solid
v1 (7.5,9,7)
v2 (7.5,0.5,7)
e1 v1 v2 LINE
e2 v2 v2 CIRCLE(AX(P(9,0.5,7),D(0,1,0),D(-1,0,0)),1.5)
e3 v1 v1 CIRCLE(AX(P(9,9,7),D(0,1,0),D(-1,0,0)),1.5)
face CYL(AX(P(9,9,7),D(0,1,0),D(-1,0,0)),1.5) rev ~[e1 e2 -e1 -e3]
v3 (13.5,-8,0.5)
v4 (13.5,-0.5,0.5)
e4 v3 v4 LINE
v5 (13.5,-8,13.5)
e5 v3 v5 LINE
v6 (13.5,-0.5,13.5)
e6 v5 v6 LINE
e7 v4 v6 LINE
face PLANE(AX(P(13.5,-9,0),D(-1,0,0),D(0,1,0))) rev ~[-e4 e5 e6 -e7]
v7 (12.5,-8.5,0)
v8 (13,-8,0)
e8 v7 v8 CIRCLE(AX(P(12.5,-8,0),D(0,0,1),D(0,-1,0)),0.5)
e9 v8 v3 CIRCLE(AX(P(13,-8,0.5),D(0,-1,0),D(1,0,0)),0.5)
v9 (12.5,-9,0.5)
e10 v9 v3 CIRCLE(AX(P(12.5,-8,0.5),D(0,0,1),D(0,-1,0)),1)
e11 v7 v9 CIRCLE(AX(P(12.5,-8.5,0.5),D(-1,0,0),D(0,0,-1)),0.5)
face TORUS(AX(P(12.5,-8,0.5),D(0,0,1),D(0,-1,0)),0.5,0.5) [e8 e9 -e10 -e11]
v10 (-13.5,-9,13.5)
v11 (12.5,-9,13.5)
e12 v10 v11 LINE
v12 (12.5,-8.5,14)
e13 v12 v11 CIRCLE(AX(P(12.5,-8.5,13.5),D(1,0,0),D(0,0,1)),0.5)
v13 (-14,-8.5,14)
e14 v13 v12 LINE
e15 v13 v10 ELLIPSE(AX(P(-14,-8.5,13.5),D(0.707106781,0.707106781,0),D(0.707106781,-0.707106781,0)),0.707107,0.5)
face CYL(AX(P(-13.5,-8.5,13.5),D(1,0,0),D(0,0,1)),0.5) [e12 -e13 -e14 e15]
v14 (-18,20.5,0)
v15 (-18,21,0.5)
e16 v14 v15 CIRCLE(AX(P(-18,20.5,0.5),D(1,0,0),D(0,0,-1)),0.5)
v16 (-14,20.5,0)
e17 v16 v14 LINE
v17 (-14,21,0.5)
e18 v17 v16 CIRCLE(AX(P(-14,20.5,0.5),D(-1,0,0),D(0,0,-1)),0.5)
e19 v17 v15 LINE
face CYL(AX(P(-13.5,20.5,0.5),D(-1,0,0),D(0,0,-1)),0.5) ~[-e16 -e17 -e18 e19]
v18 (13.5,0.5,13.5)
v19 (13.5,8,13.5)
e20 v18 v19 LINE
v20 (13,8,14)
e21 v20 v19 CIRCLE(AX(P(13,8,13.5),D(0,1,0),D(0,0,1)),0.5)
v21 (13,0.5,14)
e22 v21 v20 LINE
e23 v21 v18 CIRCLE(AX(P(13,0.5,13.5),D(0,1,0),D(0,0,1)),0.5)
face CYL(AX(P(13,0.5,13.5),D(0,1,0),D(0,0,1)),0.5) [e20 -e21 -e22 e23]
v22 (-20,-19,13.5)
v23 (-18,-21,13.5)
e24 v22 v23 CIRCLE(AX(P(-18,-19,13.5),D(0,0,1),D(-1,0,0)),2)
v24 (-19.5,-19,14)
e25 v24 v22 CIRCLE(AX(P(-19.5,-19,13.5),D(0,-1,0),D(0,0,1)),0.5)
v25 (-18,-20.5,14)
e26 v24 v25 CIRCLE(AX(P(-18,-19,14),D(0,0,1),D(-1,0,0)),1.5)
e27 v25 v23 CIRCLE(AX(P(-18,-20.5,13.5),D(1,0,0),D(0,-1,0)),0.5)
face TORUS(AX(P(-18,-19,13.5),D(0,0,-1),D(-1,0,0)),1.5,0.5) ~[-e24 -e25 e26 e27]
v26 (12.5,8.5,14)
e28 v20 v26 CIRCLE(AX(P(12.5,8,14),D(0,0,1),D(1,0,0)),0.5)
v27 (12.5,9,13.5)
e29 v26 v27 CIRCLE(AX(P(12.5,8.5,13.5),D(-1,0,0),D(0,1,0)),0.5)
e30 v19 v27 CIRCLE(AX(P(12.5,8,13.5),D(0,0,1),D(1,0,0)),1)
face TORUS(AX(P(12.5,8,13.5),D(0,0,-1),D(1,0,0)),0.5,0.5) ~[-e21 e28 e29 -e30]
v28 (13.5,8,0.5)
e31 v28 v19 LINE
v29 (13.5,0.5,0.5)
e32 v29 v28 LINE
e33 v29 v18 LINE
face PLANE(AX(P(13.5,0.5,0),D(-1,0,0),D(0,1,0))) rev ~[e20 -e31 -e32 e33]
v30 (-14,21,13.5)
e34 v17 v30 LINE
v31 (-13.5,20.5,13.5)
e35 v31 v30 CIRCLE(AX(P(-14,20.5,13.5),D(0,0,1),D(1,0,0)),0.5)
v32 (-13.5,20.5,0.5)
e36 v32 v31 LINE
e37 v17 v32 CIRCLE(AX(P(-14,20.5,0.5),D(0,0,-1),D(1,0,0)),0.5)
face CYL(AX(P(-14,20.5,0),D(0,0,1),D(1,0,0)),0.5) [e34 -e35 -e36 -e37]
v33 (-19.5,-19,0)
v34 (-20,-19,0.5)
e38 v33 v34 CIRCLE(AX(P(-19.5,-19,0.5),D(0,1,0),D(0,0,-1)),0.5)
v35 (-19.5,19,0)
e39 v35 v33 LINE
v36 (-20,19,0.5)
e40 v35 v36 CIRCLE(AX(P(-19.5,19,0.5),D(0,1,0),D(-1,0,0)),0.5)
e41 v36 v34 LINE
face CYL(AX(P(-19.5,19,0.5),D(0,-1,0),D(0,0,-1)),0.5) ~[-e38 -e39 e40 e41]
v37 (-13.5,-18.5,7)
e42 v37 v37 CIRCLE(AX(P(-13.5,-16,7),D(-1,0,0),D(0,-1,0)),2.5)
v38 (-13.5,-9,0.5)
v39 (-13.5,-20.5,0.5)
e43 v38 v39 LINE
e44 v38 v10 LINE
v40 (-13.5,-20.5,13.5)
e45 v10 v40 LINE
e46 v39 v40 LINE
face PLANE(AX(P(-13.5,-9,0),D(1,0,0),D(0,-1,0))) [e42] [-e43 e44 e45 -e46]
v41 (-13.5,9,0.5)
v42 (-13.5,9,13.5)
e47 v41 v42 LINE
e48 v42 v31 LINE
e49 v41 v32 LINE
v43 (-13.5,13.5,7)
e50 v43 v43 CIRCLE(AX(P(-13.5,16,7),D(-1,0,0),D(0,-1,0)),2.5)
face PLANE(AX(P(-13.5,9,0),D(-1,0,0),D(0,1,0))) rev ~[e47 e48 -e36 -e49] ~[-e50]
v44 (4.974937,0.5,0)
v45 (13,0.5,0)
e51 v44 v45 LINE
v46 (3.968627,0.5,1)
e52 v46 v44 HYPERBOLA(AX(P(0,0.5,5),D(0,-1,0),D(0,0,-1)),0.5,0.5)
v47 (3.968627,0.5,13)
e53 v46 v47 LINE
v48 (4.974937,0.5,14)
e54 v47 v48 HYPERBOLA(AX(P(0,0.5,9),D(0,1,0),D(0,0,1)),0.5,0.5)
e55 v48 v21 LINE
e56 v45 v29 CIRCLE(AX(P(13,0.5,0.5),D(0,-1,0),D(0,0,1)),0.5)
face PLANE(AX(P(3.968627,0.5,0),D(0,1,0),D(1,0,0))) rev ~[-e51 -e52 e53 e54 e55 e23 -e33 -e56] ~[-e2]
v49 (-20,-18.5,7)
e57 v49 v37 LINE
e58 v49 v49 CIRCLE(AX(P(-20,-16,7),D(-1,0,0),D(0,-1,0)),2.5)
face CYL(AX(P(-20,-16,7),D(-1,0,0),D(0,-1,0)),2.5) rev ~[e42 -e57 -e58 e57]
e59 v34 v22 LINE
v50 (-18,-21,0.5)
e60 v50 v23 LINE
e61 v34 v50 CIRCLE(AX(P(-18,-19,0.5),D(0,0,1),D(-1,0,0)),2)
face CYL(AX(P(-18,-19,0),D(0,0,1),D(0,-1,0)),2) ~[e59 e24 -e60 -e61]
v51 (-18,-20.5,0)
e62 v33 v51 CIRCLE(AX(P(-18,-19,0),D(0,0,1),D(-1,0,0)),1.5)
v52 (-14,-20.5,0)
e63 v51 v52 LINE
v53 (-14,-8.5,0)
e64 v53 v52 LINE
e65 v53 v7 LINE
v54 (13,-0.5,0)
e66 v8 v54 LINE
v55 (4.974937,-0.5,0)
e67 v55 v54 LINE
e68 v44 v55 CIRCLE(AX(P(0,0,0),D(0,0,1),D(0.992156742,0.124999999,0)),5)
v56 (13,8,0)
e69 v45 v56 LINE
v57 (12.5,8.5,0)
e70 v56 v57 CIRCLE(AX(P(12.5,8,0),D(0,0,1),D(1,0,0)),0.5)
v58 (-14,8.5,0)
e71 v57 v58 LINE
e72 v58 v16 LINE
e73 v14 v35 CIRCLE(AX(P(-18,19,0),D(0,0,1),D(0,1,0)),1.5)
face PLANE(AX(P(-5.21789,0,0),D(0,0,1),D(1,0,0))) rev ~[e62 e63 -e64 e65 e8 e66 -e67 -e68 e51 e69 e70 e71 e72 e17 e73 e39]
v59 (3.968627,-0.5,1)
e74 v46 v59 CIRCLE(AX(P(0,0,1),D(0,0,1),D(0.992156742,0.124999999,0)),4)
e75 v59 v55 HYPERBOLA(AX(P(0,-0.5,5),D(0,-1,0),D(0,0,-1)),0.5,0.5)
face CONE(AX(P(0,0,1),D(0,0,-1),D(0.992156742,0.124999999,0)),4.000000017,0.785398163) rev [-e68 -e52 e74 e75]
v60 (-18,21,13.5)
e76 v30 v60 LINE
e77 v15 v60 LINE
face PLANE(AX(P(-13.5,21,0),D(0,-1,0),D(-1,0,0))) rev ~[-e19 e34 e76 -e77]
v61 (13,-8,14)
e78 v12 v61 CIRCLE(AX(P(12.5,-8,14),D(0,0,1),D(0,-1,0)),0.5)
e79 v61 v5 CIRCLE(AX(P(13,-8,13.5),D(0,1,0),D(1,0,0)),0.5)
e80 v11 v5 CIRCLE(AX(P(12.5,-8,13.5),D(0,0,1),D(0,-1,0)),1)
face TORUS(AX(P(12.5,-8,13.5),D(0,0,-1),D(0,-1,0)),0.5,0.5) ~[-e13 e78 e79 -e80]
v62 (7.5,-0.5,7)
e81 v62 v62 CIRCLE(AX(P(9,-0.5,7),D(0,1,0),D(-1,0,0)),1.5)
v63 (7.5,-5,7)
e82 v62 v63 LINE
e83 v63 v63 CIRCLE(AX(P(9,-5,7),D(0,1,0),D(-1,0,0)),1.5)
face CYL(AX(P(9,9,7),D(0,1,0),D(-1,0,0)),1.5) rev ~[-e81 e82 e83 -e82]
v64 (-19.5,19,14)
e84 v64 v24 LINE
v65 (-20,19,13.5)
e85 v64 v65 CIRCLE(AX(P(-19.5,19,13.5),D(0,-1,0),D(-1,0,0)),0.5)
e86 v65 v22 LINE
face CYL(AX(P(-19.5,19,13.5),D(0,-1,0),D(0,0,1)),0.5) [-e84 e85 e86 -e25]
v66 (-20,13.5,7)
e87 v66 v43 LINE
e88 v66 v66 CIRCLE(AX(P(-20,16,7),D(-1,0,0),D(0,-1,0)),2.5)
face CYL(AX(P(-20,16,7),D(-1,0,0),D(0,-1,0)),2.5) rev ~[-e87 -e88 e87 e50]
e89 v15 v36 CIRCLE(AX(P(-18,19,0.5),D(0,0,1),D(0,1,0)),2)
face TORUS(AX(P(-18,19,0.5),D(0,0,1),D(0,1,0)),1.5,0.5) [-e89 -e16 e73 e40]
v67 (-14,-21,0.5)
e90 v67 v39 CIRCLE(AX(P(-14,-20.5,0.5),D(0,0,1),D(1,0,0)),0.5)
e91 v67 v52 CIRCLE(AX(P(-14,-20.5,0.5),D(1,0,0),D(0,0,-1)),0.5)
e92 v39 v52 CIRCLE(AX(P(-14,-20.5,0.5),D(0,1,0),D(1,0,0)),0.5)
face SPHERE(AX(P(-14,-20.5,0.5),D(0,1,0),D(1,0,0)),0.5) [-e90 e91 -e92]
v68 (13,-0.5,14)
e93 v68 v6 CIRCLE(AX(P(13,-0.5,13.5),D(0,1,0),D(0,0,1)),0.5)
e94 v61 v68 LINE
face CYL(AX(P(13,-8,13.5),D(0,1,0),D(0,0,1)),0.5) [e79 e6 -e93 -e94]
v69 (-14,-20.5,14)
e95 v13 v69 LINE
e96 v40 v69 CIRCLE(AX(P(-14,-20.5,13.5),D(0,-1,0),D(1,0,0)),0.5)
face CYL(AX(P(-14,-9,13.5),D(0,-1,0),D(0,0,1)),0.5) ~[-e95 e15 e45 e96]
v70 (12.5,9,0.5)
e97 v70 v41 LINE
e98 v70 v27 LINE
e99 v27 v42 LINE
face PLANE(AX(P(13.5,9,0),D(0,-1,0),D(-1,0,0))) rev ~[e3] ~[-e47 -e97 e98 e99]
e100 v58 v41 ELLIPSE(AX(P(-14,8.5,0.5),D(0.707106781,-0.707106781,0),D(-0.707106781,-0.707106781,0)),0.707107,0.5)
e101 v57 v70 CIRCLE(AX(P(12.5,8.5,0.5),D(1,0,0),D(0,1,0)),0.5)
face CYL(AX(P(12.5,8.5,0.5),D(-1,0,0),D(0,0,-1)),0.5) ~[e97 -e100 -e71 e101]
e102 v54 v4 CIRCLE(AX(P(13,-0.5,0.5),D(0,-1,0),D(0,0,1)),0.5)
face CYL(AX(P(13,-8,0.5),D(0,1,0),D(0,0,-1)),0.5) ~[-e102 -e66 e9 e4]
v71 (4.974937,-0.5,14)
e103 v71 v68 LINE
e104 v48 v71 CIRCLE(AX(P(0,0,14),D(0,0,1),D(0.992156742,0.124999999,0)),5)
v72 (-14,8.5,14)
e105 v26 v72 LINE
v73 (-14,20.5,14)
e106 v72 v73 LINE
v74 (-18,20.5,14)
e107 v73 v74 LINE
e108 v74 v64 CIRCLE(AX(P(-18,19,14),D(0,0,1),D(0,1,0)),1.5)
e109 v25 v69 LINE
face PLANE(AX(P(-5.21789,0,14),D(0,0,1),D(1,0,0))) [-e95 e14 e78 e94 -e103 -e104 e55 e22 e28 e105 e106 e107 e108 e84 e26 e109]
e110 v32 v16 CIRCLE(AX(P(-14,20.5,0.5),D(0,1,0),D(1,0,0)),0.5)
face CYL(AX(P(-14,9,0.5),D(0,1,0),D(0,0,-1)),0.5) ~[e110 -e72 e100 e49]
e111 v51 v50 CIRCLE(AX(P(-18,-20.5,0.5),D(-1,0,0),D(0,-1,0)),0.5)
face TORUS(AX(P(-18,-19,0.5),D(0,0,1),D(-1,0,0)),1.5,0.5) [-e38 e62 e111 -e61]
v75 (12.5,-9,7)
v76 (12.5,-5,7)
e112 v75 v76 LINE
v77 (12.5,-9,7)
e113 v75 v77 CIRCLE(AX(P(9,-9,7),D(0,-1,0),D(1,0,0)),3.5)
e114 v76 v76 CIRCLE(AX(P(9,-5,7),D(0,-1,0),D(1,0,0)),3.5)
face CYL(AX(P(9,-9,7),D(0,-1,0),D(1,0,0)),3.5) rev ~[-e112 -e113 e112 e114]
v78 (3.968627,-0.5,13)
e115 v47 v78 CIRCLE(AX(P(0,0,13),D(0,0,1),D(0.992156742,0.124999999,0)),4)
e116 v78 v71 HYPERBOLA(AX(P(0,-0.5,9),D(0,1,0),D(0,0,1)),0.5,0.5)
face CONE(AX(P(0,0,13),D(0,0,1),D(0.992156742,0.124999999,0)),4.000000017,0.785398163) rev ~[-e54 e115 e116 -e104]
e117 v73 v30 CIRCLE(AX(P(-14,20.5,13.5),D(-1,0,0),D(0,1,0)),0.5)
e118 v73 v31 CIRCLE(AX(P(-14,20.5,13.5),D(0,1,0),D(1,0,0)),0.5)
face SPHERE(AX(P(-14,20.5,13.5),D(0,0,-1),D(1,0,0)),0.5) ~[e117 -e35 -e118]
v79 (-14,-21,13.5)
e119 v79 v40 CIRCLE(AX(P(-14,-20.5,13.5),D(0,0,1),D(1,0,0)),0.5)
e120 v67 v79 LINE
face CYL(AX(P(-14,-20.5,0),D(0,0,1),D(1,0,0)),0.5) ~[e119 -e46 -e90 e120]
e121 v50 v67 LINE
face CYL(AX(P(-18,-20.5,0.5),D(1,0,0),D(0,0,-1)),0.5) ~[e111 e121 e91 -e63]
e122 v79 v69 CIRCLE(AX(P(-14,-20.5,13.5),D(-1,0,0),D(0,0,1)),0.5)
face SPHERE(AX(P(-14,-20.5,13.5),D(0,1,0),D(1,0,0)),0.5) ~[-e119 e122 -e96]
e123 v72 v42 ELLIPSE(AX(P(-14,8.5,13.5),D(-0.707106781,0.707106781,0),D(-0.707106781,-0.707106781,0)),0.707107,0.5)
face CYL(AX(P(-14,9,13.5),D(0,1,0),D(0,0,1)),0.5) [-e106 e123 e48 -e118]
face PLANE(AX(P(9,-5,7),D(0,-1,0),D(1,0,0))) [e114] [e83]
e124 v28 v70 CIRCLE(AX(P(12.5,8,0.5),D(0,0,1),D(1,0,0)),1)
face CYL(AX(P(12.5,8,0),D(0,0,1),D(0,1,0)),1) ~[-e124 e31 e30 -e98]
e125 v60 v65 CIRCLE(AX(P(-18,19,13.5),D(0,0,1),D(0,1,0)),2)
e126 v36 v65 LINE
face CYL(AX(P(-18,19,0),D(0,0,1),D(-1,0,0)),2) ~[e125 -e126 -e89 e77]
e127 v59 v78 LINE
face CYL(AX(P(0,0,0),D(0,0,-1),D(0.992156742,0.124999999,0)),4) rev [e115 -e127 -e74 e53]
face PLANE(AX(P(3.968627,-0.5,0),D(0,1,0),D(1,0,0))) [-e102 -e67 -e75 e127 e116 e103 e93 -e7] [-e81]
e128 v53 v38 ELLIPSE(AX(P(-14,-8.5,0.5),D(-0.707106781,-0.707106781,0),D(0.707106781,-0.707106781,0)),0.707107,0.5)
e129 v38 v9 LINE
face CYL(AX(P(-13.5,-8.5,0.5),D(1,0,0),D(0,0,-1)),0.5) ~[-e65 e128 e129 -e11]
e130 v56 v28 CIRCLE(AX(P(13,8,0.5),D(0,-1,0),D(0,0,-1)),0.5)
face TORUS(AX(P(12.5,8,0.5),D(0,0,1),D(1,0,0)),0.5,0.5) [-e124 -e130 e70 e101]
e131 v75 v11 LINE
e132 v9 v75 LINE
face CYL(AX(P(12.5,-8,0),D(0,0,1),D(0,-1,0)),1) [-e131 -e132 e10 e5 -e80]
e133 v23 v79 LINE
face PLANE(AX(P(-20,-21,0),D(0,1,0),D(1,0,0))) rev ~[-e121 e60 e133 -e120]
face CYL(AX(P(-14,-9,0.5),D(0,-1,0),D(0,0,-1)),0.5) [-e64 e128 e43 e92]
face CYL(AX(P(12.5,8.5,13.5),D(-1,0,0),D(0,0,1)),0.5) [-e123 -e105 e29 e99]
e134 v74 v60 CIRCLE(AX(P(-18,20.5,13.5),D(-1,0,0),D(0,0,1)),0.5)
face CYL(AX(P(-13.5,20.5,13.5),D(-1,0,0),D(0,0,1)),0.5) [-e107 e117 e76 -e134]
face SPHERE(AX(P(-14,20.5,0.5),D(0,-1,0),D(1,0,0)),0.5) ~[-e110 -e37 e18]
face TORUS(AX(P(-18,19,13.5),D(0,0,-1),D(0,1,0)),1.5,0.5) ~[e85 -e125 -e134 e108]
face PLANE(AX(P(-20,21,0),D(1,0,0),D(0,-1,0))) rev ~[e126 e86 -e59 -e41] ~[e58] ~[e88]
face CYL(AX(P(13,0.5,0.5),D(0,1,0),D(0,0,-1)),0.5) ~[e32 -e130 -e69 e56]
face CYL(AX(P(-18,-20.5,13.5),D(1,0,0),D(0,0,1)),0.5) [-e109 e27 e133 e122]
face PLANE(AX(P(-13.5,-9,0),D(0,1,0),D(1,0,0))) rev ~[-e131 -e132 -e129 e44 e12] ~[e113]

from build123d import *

# Parameters (mm, degrees)
PAD_DEPTH       = 14
SKETCH001_R     = 2.5
POCKET_DEPTH    = 33.501
FILLET_R        = 2
FILLET001_R     = 1
CHAMFER_SIZE    = 1
CHAMFER001_SIZE = 1
SKETCH002_R     = 1.5
POCKET001_DEPTH = 30.001
SKETCH003_R     = 3.5
POCKET002_DEPTH = 4
FILLET002_R     = 0.5


with BuildPart() as part:
    # Sketch → Pad (new body)
    with BuildSketch(Plane.XY):
        with BuildLine():
            Line((-20, -21), (-13.5, -21))
            Line((-13.5, -9), (-13.5, -21))
            Line((-13.5, -9), (13.5, -9))
            Line((13.5, -9), (13.5, -0.5))
            Line((3.968627, -0.5), (13.5, -0.5))
            ThreePointArc((3.968627, 0.5), (-4, 0), (3.968627, -0.5))
            Line((3.968627, 0.5), (13.5, 0.5))
            Line((13.5, 0.5), (13.5, 9))
            Line((13.5, 9), (-13.5, 9))
            Line((-13.5, 9), (-13.5, 21))
            Line((-13.5, 21), (-20, 21))
            Line((-20, 21), (-20, -21))
        make_face()
    extrude(amount=PAD_DEPTH)

    # Sketch001 (on Face6 of Pad) → Pocket (cut, through all)
    with BuildSketch(Plane(origin=(-20, 0, 0), x_dir=(0, -1, 0), z_dir=(-1, 0, 0))):
        with Locations((-16, 7)):
            Circle(SKETCH001_R)
        with Locations((16, 7)):
            Circle(SKETCH001_R)
    extrude(amount=-POCKET_DEPTH, mode=Mode.SUBTRACT)

    # Fillet
    fillet_edges = [part.edges().sort_by_distance(p)[0] for p in [
        (-20, 21, 7),
        (-20, -21, 7),
    ]]
    fillet(fillet_edges, radius=FILLET_R)

    # Fillet001
    fillet001_edges = [part.edges().sort_by_distance(p)[0] for p in [
        (13.5, 9, 7),
        (13.5, -9, 7),
    ]]
    fillet(fillet001_edges, radius=FILLET001_R)

    # Chamfer
    chamfer_edges = [part.edges().sort_by_distance(p)[0] for p in [
        (-4, 0, 14),
    ]]
    chamfer(chamfer_edges, length=CHAMFER_SIZE)

    # Chamfer001
    chamfer001_edges = [part.edges().sort_by_distance(p)[0] for p in [
        (-4, 0, 0),
    ]]
    chamfer(chamfer001_edges, length=CHAMFER001_SIZE)

    # Sketch002 (on Face11 of Chamfer001) → Pocket001 (cut, through all)
    with BuildSketch(Plane(origin=(0, 9, 0), x_dir=(-1, 0, 0), z_dir=(0, 1, 0))):
        with Locations((-9, 7)):
            Circle(SKETCH002_R)
    extrude(amount=-POCKET001_DEPTH, mode=Mode.SUBTRACT)

    # Sketch003 (on Face15 of Pocket001) → Pocket002 (cut)
    with BuildSketch(Plane.XZ.offset(9)):
        with Locations((9, 7)):
            Circle(SKETCH003_R)
    extrude(amount=-POCKET002_DEPTH, mode=Mode.SUBTRACT)

    # Fillet002
    fillet002_edges = [part.edges().sort_by_distance(p)[0] for p in [
        (-0.5, -9, 14),
        (-0.5, -9, 0),
        (-0.5, 9, 14),
        (-0.5, 9, 0),
        (-13.5, -15, 0),
        (-13.5, -15, 14),
        (-13.5, 15, 0),
        (-13.5, -21, 7),
        (-13.5, 21, 7),
        (-13.5, 15, 14),
        (-15.75, 21, 14),
        (-15.75, 21, 0),
        (-15.75, -21, 0),
        (-15.75, -21, 14),
        (13.5, -4.25, 0),
        (13.5, 4.25, 0),
        (13.5, -4.25, 14),
        (13.5, 4.25, 14),
        (13.207107, -8.707107, 14),
        (13.207107, 8.707107, 14),
        (13.207107, 8.707107, 0),
        (13.207107, -8.707107, 0),
    ]]
    fillet(fillet002_edges, radius=FILLET002_R)


solid = part.part
